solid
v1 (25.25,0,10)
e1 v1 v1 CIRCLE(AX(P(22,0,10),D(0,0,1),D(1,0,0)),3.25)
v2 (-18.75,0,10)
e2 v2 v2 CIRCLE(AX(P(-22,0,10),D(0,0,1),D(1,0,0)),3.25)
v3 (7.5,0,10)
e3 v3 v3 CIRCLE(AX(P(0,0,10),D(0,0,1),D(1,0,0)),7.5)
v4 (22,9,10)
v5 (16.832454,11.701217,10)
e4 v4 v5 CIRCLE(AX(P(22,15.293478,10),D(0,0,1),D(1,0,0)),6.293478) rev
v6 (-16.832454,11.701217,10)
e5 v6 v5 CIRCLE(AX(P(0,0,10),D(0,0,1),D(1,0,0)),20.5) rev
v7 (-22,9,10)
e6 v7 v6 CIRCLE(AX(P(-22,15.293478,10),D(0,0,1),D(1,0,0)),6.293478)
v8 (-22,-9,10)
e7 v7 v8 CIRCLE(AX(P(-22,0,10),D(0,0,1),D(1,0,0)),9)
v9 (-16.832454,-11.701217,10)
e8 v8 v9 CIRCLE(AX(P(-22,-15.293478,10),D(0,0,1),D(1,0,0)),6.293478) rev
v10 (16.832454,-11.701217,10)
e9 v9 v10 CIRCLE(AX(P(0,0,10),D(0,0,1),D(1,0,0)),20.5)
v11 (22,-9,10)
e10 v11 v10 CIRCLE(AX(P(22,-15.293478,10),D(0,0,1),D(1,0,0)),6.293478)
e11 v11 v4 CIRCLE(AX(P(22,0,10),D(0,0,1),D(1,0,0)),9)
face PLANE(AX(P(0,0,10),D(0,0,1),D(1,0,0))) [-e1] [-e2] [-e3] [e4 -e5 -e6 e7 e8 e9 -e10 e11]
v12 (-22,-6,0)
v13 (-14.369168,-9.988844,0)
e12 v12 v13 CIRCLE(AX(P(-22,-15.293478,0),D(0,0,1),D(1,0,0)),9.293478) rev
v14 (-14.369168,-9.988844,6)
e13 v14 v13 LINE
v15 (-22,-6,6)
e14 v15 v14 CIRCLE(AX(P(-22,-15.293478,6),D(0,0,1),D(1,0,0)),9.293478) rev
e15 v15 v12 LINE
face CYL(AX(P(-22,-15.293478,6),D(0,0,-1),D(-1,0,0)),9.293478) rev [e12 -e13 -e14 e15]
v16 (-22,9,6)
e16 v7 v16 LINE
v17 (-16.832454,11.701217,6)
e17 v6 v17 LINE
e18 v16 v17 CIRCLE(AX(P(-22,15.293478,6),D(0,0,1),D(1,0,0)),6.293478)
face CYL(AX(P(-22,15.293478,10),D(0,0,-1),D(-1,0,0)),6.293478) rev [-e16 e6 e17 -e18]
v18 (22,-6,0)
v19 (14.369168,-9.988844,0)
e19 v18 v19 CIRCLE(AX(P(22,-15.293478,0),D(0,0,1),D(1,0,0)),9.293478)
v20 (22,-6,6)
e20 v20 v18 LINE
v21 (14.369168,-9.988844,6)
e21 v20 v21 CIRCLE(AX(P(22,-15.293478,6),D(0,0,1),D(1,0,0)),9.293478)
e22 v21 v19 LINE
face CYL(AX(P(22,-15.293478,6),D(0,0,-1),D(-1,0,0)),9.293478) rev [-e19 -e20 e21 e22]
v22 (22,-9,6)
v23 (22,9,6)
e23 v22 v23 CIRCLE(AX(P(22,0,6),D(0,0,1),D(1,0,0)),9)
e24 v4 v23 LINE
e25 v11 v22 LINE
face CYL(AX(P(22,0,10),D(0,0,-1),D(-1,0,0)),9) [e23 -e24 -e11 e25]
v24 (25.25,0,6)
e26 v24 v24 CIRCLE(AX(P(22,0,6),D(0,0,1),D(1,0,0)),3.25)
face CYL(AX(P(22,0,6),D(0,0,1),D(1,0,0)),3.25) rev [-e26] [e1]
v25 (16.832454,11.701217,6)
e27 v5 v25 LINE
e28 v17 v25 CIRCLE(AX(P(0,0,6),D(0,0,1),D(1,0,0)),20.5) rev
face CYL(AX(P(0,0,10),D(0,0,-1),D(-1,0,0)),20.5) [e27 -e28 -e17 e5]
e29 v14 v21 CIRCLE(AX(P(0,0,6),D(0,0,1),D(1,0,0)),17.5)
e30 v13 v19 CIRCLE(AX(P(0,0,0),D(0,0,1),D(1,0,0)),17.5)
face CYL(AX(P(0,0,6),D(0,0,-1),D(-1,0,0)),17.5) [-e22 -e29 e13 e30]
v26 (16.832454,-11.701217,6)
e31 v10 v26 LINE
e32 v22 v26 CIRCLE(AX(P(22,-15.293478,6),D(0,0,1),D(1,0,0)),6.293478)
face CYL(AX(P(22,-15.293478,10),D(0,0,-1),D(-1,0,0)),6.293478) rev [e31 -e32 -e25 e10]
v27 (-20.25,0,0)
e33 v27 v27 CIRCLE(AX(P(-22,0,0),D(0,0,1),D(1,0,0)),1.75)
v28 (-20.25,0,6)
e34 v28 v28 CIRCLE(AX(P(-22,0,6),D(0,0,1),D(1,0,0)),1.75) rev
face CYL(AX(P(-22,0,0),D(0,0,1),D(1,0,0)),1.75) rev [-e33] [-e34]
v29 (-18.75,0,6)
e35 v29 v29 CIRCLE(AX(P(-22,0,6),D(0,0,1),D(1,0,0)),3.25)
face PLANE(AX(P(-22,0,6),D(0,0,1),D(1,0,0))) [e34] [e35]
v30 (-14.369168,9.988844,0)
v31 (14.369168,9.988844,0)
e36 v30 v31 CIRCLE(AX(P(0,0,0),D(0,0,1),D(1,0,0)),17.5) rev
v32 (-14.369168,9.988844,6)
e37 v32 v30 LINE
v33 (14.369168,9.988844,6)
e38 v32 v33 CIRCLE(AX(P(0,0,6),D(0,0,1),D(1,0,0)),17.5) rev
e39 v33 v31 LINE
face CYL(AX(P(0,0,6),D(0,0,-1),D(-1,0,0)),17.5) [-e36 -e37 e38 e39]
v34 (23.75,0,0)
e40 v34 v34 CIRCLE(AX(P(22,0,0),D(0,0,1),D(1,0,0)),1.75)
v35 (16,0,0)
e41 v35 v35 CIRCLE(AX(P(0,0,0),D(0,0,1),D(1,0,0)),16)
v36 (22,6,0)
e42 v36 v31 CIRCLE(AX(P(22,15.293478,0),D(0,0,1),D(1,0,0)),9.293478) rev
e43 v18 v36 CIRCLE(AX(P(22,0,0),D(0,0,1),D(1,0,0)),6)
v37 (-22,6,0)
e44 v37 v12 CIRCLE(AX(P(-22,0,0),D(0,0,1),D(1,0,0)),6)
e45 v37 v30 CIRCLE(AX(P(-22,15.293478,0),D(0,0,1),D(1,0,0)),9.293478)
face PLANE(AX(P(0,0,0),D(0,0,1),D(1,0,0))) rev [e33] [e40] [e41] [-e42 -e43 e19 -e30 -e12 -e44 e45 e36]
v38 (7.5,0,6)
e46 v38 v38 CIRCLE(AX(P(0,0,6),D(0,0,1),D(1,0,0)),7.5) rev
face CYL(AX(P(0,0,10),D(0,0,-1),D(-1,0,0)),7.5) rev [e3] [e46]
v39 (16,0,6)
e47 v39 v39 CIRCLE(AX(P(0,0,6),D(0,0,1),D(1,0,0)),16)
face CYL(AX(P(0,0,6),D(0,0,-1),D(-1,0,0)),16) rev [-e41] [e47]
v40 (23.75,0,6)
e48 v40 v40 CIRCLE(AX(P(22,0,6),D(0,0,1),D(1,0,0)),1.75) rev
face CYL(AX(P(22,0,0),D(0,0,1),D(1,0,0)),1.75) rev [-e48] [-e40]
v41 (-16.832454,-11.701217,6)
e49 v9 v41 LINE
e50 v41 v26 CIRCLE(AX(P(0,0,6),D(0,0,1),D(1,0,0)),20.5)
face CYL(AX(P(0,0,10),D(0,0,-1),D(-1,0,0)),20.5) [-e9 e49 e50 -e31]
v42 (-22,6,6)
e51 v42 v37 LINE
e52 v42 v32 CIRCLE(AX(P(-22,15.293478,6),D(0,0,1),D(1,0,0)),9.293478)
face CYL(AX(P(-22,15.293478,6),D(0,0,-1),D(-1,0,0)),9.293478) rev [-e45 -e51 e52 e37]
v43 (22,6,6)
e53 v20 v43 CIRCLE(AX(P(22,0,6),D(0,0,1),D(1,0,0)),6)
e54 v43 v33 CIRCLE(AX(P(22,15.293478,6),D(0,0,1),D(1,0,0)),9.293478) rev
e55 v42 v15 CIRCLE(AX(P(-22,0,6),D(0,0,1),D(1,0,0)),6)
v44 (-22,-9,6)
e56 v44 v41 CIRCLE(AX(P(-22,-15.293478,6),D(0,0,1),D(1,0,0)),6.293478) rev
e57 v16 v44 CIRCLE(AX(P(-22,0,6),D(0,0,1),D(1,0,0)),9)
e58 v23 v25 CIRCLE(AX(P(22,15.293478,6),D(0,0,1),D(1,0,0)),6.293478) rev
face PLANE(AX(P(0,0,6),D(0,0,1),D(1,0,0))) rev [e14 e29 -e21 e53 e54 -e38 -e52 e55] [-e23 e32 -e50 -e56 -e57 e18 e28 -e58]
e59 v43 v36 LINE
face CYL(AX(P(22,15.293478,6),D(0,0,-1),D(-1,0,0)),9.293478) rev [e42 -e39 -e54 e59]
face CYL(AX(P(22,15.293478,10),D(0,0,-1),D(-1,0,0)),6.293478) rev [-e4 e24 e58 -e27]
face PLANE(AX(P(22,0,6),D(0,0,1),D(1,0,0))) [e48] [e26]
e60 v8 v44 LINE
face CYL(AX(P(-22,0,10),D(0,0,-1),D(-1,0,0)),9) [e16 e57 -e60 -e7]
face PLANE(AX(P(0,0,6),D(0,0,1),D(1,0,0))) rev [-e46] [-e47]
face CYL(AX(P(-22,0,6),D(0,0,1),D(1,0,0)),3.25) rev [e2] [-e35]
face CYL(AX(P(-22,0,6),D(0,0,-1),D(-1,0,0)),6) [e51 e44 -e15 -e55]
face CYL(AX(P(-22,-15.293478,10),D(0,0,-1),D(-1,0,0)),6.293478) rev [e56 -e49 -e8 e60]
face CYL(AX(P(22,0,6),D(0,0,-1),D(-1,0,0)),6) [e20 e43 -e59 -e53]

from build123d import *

# Parameters (mm, degrees)
BOSS_EXTRUDE1_DEPTH = 10
SKETCH1_3_R         = 16
SKETCH1_3_R_2       = 7.5
CUT_EXTRUDE1_DEPTH  = 6
SKETCH1_4_R         = 7.5
CUT_EXTRUDE2_DEPTH  = 10
CUT_EXTRUDE3_DEPTH  = 6
SKETCH3_R           = 1.75
CUT_EXTRUDE4_DEPTH  = 10
SKETCH4_R           = 3.25
CUT_EXTRUDE5_DEPTH  = 4


with BuildPart() as part:
    # Sketch1 → Boss-Extrude1 (new body)
    with BuildSketch(Plane.XY):
        with BuildLine():
            ThreePointArc((-16.832454361, 11.701217039), (-19.084519704, 9.716037695), (-22, 9))
            ThreePointArc((-22, 9), (-31, 0), (-22, -9))
            ThreePointArc((-22, -9), (-19.084519704, -9.716037695), (-16.832454361, -11.701217039))
            ThreePointArc((-16.832454361, -11.701217039), (0, -20.5), (16.832454361, -11.701217039))
            ThreePointArc((16.832454361, -11.701217039), (19.084519704, -9.716037695), (22, -9))
            ThreePointArc((22, -9), (31, 0), (22, 9))
            ThreePointArc((22, 9), (19.084519704, 9.716037695), (16.832454361, 11.701217039))
            ThreePointArc((16.832454361, 11.701217039), (0, 20.5), (-16.832454361, 11.701217039))
        make_face()
    extrude(amount=BOSS_EXTRUDE1_DEPTH)

    # Sketch1<3> → Cut-Extrude1 (cut)
    with BuildSketch(Plane.XY):
        Circle(SKETCH1_3_R)
        Circle(SKETCH1_3_R_2, mode=Mode.SUBTRACT)
    extrude(amount=CUT_EXTRUDE1_DEPTH, mode=Mode.SUBTRACT)

    # Sketch1<4> → Cut-Extrude2 (cut)
    with BuildSketch(Plane.XY):
        Circle(SKETCH1_4_R)
    extrude(amount=CUT_EXTRUDE2_DEPTH, mode=Mode.SUBTRACT)

    # Sketch1<5> → Cut-Extrude3 (cut)
    with BuildSketch(Plane.XY):
        with BuildLine():
            ThreePointArc((-16.832454361, 11.701217039), (-19.084519704, 9.716037695), (-22, 9))
            ThreePointArc((-22, 9), (-31, 0), (-22, -9))
            ThreePointArc((-22, -9), (-19.084519704, -9.716037695), (-16.832454361, -11.701217039))
            ThreePointArc((-16.832454361, -11.701217039), (0, -20.5), (16.832454361, -11.701217039))
            ThreePointArc((16.832454361, -11.701217039), (19.084519704, -9.716037695), (22, -9))
            ThreePointArc((22, -9), (31, 0), (22, 9))
            ThreePointArc((22, 9), (19.084519704, 9.716037695), (16.832454361, 11.701217039))
            ThreePointArc((16.832454361, 11.701217039), (0, 20.5), (-16.832454361, 11.701217039))
        make_face()
        with BuildLine():
            ThreePointArc((-22, -6), (-28, 0), (-22, 6))
            ThreePointArc((-22, 6), (-17.694757076, 7.057361363), (-14.369168357, 9.988843813))
            ThreePointArc((-14.369168357, 9.988843813), (0, 17.5), (14.369168357, 9.988843813))
            ThreePointArc((14.369168357, 9.988843813), (17.694757076, 7.057361363), (22, 6))
            ThreePointArc((22, 6), (28, 0), (22, -6))
            ThreePointArc((22, -6), (17.694757076, -7.057361363), (14.369168357, -9.988843813))
            ThreePointArc((14.369168357, -9.988843813), (0, -17.5), (-14.369168357, -9.988843813))
            ThreePointArc((-14.369168357, -9.988843813), (-17.694757076, -7.057361363), (-22, -6))
        make_face(mode=Mode.SUBTRACT)
    extrude(amount=CUT_EXTRUDE3_DEPTH, mode=Mode.SUBTRACT)

    # Sketch3 → Cut-Extrude4 (cut)
    with BuildSketch(Plane.XY.offset(10)):
        with Locations((22, 0)):
            Circle(SKETCH3_R)
        with Locations((-22, 0)):
            Circle(SKETCH3_R)
    extrude(amount=-CUT_EXTRUDE4_DEPTH, mode=Mode.SUBTRACT)

    # Sketch4 → Cut-Extrude5 (cut)
    with BuildSketch(Plane.XY.offset(10)):
        with Locations((22, 0)):
            Circle(SKETCH4_R)
        with Locations((-22, 0)):
            Circle(SKETCH4_R)
    extrude(amount=-CUT_EXTRUDE5_DEPTH, mode=Mode.SUBTRACT)


solid = part.part
